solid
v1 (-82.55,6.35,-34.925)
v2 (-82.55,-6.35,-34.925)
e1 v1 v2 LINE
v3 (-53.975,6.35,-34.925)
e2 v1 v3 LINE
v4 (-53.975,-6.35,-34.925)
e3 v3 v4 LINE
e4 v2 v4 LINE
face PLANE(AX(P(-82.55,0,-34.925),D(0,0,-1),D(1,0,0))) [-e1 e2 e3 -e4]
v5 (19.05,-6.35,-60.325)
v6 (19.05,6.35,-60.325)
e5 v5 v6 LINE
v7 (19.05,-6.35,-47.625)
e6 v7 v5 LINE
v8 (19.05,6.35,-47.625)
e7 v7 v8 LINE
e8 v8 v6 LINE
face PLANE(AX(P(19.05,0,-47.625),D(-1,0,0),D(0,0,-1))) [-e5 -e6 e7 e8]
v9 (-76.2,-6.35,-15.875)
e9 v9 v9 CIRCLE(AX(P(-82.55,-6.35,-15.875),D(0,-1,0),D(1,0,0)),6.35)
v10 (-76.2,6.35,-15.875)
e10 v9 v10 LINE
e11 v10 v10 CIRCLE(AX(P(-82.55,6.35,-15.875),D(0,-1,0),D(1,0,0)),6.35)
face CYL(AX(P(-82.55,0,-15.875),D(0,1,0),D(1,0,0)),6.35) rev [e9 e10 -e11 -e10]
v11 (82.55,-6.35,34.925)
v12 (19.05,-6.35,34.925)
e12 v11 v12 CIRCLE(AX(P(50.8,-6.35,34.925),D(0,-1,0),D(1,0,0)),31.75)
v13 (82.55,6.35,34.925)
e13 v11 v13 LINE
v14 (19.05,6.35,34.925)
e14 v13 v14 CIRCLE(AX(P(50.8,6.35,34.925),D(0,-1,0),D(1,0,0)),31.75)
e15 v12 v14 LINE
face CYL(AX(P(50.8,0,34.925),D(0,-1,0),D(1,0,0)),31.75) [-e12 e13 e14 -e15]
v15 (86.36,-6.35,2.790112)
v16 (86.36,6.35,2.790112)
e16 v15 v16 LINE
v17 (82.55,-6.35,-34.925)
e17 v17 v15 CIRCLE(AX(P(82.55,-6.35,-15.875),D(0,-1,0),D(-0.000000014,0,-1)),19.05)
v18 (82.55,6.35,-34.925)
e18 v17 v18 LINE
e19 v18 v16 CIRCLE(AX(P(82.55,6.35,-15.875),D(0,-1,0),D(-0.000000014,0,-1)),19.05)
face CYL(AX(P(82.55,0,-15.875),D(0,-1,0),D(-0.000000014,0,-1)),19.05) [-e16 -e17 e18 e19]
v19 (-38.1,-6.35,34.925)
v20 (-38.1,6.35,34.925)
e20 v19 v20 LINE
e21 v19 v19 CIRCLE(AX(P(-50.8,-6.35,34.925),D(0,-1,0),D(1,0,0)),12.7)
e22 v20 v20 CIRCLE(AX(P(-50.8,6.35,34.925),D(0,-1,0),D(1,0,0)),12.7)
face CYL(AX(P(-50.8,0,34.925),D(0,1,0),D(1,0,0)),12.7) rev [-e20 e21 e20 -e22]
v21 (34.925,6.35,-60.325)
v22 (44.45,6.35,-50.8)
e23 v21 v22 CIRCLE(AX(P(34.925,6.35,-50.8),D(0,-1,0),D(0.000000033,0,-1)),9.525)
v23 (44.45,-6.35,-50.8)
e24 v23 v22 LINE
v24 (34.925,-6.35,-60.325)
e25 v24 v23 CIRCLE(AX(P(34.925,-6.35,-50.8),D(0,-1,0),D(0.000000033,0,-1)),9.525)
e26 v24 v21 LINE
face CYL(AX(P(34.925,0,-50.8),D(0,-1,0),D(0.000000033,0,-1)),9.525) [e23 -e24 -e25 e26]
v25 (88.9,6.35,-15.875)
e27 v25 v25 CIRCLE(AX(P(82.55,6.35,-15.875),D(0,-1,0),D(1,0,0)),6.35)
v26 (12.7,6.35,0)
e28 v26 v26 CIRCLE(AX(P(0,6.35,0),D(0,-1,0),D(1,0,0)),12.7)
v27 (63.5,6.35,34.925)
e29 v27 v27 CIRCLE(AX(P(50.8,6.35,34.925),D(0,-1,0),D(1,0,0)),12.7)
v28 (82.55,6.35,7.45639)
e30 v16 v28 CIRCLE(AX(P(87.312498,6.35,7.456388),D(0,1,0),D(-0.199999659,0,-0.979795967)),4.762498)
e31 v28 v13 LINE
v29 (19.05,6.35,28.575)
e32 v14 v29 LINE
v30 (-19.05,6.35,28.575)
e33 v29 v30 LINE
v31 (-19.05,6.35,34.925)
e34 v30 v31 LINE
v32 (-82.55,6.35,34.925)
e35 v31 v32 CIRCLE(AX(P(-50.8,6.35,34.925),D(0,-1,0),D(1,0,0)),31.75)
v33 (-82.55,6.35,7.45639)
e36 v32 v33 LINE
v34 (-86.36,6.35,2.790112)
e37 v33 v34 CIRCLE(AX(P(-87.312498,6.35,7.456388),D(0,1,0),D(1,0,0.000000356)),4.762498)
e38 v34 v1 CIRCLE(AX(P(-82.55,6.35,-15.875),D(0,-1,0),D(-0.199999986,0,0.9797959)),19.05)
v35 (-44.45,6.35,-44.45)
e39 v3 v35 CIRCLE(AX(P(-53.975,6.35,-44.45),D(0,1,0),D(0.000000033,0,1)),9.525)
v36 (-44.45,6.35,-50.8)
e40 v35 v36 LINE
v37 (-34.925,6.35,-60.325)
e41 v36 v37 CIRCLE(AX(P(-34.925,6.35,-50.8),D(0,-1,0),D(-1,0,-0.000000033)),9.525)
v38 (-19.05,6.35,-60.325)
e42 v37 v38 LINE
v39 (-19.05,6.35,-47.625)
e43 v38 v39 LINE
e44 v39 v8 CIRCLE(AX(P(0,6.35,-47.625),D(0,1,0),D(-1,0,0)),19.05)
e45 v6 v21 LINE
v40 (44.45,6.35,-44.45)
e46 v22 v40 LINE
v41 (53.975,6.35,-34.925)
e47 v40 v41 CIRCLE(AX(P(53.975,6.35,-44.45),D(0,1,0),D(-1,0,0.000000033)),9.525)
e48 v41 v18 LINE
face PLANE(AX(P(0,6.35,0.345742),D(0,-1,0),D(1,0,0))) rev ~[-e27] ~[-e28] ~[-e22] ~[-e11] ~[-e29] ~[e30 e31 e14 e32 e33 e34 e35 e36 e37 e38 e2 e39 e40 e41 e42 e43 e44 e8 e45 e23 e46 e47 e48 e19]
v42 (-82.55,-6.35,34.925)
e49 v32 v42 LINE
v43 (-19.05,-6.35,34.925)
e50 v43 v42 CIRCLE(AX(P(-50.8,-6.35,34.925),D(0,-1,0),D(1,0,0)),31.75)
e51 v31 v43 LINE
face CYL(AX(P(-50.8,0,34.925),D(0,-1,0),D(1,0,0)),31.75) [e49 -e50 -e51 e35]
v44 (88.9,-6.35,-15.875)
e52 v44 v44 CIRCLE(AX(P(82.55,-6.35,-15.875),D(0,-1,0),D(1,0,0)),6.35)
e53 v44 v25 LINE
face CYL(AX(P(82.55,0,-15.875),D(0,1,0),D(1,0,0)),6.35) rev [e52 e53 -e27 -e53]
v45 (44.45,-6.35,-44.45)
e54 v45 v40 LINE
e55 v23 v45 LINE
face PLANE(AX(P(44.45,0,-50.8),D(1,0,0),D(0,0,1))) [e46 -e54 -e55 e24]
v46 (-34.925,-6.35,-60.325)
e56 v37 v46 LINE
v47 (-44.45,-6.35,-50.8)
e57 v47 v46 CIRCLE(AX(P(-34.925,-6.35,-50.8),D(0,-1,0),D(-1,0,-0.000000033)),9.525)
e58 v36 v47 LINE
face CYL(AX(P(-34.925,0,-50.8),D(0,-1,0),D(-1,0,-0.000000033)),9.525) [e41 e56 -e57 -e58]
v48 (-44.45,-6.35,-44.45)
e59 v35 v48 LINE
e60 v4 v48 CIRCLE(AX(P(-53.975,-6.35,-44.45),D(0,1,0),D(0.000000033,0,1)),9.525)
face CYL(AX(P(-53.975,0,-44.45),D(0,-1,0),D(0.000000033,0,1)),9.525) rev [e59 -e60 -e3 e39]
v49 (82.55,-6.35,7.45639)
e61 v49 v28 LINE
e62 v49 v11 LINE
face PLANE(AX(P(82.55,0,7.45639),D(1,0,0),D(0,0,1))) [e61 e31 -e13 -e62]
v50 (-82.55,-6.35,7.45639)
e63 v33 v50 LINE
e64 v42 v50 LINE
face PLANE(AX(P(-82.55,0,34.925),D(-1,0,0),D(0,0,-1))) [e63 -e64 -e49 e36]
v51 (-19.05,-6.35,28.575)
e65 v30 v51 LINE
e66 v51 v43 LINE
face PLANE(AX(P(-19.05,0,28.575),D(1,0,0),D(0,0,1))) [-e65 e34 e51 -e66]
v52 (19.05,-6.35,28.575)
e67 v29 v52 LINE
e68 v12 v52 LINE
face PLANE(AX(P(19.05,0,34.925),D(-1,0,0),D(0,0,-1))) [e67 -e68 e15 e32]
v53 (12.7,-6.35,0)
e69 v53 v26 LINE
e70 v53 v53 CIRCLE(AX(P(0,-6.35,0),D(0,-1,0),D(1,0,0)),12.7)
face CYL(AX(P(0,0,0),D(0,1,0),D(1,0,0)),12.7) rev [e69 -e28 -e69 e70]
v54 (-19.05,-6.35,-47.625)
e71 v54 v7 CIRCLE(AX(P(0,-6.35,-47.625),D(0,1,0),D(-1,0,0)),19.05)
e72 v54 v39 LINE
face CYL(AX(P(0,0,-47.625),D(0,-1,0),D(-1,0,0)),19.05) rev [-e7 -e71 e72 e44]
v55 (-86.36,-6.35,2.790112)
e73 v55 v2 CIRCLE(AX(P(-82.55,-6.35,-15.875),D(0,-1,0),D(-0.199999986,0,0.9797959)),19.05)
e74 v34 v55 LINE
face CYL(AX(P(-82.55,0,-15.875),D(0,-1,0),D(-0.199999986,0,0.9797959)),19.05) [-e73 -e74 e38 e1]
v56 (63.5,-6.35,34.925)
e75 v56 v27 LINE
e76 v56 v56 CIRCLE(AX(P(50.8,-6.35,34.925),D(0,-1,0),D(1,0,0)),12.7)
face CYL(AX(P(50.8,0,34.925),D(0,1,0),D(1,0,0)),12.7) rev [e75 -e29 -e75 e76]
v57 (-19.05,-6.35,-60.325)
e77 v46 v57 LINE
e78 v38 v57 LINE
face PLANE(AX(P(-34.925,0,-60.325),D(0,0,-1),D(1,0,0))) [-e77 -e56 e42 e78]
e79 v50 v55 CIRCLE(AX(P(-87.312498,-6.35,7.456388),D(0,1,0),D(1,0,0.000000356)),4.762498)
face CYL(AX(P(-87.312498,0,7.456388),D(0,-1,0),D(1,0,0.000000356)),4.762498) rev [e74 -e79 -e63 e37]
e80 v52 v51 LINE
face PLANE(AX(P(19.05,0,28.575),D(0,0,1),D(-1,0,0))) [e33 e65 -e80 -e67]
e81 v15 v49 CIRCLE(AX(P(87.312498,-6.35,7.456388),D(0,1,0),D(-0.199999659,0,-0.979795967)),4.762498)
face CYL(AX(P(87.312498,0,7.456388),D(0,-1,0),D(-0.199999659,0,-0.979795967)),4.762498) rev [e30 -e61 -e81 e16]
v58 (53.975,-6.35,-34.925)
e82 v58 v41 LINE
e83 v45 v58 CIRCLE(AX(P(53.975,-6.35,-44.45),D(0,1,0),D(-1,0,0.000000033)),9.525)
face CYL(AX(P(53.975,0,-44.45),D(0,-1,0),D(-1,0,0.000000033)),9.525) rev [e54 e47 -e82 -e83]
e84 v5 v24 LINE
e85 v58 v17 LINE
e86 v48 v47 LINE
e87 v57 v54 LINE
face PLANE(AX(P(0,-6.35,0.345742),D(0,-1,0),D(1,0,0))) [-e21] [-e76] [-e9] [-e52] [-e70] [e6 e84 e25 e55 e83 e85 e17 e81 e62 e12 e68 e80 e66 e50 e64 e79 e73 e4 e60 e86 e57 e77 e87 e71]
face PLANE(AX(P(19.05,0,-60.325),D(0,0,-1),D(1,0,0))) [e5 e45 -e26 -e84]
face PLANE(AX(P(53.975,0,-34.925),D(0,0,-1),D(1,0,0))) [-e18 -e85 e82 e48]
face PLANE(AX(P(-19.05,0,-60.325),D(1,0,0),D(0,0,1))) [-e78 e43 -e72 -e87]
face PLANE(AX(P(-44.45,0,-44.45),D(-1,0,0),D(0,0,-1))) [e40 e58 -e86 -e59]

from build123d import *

# Parameters (mm, degrees)
F0_R     = 7.9375
F0_R_2   = 12.7
F0_R_3   = 6.35
F1_DEPTH = 6.35


with BuildPart() as f1:
    # F0 (on Front) → F1 (new body, symmetric)
    with BuildSketch(Plane.XZ):
        with BuildLine():
            Line((19.05, 34.925), (19.05, 28.575))
            Line((19.05, 28.575), (-19.05, 28.575))
            Line((-19.05, 28.575), (-19.05, 34.925))
            ThreePointArc((-19.05, 34.925), (-50.8, 66.675), (-82.55, 34.925))
            Line((-82.55, 34.925), (-82.55, 7.45639))
            ThreePointArc((-82.55, 7.45639), (-83.623483, 4.44432), (-86.36, 2.790112))
            ThreePointArc((-86.36, 2.790112), (-101.503534, -17.789696), (-82.55, -34.925))
            Line((-82.55, -34.925), (-53.975, -34.925))
            ThreePointArc((-53.975, -34.925), (-47.239808, -37.714808), (-44.45, -44.45))
            Line((-44.45, -44.45), (-44.45, -50.8))
            ThreePointArc((-44.45, -50.8), (-41.660192, -57.535192), (-34.925, -60.325))
            Line((-34.925, -60.325), (-19.05, -60.325))
            Line((-19.05, -60.325), (-19.05, -47.625))
            ThreePointArc((-19.05, -47.625), (0, -28.575), (19.05, -47.625))
            Line((19.05, -47.625), (19.05, -60.325))
            Line((19.05, -60.325), (34.925, -60.325))
            ThreePointArc((34.925, -60.325), (41.660192, -57.535192), (44.45, -50.8))
            Line((44.45, -50.8), (44.45, -44.45))
            ThreePointArc((44.45, -44.45), (47.239808, -37.714808), (53.975, -34.925))
            Line((53.975, -34.925), (82.55, -34.925))
            ThreePointArc((82.55, -34.925), (101.503534, -17.789696), (86.36, 2.790112))
            ThreePointArc((86.36, 2.790112), (83.623483, 4.44432), (82.55, 7.45639))
            Line((82.55, 7.45639), (82.55, 34.925))
            ThreePointArc((82.55, 34.925), (50.8, 66.675), (19.05, 34.925))
        make_face()
        with Locations((-82.55, -15.875)):
            Circle(F0_R, mode=Mode.SUBTRACT)
        Circle(F0_R_2, mode=Mode.SUBTRACT)
        with Locations((82.55, -15.875)):
            Circle(F0_R, mode=Mode.SUBTRACT)
        with Locations((-50.8, 34.925)):
            Circle(F0_R_2, mode=Mode.SUBTRACT)
        with Locations((50.8, 34.925)):
            Circle(F0_R_2, mode=Mode.SUBTRACT)
        with Locations((82.55, -15.875)):
            Circle(F0_R)
        with Locations((82.55, -15.875)):
            Circle(F0_R_3, mode=Mode.SUBTRACT)
        with Locations((-82.55, -15.875)):
            Circle(F0_R)
        with Locations((-82.55, -15.875)):
            Circle(F0_R_3, mode=Mode.SUBTRACT)
    extrude(amount=F1_DEPTH, both=True)


solid = f1.part
